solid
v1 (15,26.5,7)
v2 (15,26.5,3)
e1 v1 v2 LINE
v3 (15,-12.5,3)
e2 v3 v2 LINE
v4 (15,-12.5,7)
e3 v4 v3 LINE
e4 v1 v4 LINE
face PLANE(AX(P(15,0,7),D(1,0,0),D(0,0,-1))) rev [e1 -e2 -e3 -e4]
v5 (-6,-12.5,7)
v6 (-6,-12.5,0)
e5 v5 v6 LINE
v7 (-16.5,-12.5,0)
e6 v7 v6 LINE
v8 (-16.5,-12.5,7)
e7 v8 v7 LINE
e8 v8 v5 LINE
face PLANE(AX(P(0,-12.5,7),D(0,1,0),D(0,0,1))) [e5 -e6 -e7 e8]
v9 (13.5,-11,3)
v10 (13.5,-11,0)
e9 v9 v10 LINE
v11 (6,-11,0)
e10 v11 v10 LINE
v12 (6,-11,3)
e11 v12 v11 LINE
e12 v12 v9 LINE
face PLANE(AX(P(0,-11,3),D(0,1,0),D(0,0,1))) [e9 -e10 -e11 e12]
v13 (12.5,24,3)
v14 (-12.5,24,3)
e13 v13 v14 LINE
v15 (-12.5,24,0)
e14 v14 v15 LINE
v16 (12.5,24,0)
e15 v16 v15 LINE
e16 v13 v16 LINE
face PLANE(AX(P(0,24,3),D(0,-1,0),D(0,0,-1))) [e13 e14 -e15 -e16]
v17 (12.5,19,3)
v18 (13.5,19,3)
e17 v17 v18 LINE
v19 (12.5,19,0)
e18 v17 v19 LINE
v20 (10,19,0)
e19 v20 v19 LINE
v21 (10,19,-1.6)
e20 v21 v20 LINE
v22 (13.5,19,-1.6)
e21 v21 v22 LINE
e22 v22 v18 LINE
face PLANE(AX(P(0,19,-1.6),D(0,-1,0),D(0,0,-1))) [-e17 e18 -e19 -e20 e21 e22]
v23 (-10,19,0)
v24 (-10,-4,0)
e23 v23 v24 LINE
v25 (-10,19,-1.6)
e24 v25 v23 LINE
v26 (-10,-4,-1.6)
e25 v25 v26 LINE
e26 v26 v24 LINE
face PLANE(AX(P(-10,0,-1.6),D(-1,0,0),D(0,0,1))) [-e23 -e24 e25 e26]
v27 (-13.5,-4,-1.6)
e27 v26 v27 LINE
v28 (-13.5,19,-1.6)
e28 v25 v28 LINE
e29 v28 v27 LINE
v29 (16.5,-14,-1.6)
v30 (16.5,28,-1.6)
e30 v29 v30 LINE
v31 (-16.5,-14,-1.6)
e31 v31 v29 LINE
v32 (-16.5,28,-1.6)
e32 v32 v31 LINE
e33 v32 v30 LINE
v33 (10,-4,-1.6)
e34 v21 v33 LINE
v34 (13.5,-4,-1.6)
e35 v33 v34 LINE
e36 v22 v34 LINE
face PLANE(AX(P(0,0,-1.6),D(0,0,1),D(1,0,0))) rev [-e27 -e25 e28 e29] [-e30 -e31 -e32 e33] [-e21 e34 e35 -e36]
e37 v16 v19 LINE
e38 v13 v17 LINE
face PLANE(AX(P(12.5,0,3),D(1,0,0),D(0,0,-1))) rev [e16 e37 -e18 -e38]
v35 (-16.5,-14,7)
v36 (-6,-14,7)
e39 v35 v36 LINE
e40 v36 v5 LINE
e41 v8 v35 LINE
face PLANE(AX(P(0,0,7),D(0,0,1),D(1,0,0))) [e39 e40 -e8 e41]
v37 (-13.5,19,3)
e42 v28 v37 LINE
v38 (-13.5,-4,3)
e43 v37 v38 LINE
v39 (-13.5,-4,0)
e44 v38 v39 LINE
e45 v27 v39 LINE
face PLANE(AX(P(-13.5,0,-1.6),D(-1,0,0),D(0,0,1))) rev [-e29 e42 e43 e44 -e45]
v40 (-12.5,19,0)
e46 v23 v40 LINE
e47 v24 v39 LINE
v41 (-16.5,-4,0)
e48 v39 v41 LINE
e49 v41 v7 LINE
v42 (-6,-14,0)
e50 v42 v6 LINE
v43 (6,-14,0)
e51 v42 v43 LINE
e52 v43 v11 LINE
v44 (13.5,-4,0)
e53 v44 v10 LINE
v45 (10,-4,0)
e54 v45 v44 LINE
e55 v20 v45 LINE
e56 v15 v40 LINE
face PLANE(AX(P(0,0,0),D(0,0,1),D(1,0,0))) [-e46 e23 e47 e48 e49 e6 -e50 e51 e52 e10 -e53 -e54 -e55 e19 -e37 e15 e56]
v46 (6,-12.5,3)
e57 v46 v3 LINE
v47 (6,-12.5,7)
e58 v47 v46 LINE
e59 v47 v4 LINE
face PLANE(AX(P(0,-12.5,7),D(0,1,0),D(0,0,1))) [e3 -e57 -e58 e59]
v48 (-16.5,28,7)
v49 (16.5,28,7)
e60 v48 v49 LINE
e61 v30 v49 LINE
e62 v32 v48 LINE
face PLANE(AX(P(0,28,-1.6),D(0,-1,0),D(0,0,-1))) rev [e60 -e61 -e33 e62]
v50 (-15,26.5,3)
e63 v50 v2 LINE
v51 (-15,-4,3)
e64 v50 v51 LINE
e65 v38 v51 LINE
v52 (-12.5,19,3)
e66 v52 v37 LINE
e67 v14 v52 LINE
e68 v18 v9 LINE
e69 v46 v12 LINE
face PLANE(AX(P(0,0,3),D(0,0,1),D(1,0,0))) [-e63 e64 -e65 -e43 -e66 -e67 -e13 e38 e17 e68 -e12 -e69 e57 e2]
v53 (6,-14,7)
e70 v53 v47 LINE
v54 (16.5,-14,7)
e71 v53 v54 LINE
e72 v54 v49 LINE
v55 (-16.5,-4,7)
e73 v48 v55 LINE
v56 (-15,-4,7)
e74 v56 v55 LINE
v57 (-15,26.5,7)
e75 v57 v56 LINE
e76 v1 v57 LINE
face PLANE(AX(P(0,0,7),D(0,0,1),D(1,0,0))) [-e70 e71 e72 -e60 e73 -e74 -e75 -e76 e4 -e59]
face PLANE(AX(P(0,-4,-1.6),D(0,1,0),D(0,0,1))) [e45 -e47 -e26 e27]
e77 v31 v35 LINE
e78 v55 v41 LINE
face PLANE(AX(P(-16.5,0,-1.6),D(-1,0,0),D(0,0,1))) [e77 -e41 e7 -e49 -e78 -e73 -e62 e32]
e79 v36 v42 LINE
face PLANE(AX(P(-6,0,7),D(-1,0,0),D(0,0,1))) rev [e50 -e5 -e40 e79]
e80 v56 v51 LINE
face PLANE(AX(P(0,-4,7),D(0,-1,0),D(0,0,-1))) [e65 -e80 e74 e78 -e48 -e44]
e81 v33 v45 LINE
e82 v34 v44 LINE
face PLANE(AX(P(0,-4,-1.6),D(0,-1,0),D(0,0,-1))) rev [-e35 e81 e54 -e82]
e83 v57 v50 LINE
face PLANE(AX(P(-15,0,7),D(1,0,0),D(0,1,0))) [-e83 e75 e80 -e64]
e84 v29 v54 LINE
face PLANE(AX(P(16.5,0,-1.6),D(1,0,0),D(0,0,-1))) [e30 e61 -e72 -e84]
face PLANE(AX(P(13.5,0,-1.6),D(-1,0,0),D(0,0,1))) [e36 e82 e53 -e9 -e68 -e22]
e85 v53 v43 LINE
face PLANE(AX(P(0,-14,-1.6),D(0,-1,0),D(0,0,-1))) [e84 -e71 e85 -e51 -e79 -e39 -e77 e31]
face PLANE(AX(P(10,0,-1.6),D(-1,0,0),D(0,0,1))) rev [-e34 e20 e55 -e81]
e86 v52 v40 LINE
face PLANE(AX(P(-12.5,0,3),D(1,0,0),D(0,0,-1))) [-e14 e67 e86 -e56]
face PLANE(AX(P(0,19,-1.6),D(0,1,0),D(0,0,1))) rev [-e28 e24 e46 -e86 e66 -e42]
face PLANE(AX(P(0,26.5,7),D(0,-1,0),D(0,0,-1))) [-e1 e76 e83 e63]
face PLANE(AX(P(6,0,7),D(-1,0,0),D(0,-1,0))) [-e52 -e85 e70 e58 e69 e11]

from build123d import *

# Parameters (mm, degrees)
ESBO_O1_W                = 33
ESBO_O1_H                = 42
ESBO_O1_W_2              = 3.5
ESBO_O1_H_2              = 23
RESSALTO_EXTRUS_O5_DEPTH = 1.6
ESBO_O1_4_W              = 10.5
ESBO_O1_4_H              = 1.5
RESSALTO_EXTRUS_O6_DEPTH = 7
RESSALTO_EXTRUS_O7_DEPTH = 3


with BuildPart() as part:
    # Esboço1 → Ressalto-extrusão5 (new body)
    with BuildSketch(Plane.XY):
        with Locations((0, 7)):
            Rectangle(ESBO_O1_W, ESBO_O1_H)
        with Locations((11.75, 7.5)):
            Rectangle(ESBO_O1_W_2, ESBO_O1_H_2, mode=Mode.SUBTRACT)
        with Locations((-11.75, 7.5)):
            Rectangle(ESBO_O1_W_2, ESBO_O1_H_2, mode=Mode.SUBTRACT)
    extrude(amount=-RESSALTO_EXTRUS_O5_DEPTH)

    # Esboço1<4> → Ressalto-extrusão6 (add)
    with BuildSketch(Plane.XY):
        Polygon((-16.5, -4), (-15, -4), (-15, 26.5), (15, 26.5), (15, -12.5), (6, -12.5), (6, -14), (16.5, -14), (16.5, 28), (-16.5, 28), align=None)
        with Locations((-11.25, -13.25)):
            Rectangle(ESBO_O1_4_W, ESBO_O1_4_H)
    extrude(amount=RESSALTO_EXTRUS_O6_DEPTH)

    # Esboço1<5> → Ressalto-extrusão7 (add)
    with BuildSketch(Plane.XY):
        Polygon((12.5, 24), (12.5, 19), (13.5, 19), (13.5, -11), (6, -11), (6, -12.5), (15, -12.5), (15, 26.5), (-15, 26.5), (-15, -4), (-13.5, -4), (-13.5, 19), (-12.5, 19), (-12.5, 24), align=None)
    extrude(amount=RESSALTO_EXTRUS_O7_DEPTH)


solid = part.part
